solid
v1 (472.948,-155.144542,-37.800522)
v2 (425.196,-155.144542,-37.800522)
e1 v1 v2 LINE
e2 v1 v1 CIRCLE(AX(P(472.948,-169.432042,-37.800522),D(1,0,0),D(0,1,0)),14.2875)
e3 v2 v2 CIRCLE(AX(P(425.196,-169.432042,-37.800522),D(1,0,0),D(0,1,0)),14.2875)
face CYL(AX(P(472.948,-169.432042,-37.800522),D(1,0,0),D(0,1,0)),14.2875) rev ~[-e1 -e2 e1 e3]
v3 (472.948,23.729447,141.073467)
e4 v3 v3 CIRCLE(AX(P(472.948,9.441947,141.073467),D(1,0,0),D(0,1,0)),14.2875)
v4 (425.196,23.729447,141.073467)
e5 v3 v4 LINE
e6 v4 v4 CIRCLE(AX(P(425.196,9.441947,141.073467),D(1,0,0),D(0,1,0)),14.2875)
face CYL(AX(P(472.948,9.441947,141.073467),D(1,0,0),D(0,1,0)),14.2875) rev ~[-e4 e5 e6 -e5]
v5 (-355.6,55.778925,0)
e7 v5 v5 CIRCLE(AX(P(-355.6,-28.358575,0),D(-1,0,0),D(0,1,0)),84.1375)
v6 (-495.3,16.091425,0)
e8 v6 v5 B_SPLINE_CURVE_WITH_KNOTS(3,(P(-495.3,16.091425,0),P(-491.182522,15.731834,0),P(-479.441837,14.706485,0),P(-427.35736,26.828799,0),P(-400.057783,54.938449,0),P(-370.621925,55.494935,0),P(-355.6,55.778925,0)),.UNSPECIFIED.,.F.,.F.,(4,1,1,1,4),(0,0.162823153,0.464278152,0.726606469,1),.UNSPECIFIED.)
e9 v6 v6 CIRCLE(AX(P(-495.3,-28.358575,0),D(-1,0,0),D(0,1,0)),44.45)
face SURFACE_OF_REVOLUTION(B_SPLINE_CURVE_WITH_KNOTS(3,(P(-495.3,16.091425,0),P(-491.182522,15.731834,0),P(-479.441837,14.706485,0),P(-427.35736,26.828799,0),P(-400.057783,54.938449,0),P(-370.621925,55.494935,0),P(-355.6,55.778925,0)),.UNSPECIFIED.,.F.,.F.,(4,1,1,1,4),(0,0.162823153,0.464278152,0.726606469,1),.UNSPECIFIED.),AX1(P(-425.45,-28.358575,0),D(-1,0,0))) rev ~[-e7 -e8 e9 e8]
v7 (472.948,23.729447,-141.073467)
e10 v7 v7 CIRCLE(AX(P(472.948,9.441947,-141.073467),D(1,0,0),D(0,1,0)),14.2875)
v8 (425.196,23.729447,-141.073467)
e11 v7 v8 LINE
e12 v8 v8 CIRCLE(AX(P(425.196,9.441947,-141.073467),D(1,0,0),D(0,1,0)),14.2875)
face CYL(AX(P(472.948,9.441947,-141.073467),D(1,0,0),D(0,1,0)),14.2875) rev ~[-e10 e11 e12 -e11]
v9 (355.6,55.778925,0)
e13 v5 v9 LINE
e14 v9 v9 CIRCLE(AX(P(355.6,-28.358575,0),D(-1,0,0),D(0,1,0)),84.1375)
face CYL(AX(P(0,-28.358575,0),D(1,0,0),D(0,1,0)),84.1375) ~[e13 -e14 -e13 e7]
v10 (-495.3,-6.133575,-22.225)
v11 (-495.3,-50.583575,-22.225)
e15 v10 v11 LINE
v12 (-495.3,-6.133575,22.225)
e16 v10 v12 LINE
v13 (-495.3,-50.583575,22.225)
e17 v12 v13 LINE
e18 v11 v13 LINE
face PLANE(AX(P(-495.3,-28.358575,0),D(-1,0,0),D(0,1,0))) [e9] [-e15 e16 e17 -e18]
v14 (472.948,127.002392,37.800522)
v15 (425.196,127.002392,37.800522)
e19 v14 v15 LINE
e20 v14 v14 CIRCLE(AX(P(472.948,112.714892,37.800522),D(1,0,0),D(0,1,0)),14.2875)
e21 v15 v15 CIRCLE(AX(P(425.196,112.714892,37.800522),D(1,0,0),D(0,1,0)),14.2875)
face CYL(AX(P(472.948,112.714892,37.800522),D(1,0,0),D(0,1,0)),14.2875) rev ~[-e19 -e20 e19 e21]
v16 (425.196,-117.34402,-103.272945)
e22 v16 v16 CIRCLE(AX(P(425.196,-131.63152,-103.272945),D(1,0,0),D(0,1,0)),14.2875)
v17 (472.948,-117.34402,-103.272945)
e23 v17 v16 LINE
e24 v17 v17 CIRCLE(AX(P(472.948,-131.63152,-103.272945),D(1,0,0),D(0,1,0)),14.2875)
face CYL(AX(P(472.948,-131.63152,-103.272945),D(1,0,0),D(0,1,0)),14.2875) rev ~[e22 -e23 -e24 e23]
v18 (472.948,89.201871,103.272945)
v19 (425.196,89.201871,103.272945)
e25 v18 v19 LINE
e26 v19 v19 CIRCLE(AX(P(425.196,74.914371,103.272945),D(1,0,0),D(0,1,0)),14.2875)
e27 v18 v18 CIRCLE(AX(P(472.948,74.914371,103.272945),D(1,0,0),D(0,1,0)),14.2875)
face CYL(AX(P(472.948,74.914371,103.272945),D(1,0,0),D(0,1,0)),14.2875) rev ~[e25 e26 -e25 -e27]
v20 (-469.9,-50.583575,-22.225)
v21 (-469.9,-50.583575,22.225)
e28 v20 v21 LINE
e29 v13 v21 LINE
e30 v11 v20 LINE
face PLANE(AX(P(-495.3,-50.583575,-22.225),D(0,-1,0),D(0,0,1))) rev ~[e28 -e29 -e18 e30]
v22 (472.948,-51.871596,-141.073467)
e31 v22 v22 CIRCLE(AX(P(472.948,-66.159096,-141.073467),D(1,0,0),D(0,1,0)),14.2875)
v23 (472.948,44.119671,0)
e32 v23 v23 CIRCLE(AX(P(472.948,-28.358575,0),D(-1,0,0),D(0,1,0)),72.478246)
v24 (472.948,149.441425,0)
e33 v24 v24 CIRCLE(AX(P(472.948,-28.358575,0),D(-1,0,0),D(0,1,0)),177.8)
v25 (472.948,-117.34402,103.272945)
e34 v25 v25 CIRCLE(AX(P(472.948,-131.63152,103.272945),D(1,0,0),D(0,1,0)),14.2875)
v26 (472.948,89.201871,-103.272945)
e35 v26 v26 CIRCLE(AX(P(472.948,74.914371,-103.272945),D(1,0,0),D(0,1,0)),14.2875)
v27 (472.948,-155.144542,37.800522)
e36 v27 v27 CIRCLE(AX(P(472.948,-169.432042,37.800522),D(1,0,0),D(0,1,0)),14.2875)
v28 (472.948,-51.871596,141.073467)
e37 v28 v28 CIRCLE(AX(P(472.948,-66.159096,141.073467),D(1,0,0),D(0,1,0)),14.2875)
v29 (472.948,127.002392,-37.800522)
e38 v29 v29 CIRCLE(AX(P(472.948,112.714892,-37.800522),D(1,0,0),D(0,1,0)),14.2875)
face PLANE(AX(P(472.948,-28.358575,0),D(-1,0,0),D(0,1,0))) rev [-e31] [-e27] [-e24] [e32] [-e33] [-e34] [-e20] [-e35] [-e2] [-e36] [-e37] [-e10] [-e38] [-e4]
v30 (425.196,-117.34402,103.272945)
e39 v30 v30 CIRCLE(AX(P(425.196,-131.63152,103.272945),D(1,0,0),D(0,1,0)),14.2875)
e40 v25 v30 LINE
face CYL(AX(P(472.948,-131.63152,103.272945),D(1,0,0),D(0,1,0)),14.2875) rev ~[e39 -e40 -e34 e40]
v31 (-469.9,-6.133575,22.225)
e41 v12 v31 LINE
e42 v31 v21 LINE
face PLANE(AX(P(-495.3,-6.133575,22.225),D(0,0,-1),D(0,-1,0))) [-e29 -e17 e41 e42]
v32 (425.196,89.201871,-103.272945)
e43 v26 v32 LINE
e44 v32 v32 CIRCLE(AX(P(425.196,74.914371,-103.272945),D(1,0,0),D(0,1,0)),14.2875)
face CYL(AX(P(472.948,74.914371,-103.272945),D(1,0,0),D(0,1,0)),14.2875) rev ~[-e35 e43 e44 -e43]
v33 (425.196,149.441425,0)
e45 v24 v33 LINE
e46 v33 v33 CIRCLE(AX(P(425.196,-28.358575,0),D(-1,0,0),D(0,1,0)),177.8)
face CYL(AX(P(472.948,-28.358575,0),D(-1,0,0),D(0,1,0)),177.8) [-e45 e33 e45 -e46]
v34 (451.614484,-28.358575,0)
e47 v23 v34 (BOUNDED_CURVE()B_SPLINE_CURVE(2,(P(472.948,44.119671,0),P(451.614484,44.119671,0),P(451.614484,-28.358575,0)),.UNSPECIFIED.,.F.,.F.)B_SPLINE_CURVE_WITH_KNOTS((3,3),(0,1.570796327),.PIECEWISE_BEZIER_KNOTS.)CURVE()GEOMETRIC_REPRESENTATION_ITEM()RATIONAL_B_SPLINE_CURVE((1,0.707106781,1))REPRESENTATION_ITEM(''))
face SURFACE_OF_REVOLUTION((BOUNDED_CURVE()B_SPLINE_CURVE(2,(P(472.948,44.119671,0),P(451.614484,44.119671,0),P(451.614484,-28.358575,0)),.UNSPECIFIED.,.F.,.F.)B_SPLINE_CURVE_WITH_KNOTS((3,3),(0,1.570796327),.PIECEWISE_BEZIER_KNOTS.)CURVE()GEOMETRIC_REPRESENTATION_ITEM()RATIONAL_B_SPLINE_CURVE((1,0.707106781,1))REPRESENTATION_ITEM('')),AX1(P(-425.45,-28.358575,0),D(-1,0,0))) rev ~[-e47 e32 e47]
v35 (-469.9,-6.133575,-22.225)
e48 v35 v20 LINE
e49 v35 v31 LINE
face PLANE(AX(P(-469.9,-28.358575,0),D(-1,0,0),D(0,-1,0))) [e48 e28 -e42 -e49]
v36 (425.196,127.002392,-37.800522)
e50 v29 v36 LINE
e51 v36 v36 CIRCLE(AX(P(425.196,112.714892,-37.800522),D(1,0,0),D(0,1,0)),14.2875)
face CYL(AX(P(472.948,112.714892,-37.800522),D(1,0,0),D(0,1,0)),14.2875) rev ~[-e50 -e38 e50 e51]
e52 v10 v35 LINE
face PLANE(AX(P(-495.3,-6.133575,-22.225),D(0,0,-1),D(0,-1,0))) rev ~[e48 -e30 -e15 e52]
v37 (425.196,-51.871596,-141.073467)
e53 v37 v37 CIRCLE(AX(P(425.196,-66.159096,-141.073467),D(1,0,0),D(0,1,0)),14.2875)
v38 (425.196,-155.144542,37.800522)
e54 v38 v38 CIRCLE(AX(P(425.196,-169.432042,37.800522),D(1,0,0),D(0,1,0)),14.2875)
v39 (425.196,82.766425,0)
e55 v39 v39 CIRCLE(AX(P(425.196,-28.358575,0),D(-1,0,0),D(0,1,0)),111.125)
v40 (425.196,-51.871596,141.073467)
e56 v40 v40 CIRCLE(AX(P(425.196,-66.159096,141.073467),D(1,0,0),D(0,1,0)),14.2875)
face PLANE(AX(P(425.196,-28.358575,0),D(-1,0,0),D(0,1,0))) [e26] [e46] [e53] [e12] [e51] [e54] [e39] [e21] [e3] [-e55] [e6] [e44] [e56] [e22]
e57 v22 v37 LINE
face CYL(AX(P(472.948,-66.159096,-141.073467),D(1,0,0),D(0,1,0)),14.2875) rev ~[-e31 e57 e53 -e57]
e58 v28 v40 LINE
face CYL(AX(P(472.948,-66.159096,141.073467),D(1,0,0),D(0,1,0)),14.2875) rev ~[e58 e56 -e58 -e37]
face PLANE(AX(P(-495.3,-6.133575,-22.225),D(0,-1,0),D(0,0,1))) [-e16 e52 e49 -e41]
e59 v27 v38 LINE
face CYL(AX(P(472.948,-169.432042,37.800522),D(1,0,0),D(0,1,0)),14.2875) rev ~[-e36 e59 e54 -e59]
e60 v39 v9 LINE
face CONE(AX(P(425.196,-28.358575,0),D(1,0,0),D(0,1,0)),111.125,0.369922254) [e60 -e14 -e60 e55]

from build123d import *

# Parameters (mm, degrees)
F0_W     = 711.2
F0_H     = 84.1375
F2_W     = 44.45
F2_H     = 44.45
F3_DEPTH = 25.4
F4_R     = 14.2875
F5_DEPTH = 968.2490001


with BuildPart() as f1:
    # F0 (on Top) → F1 (revolve)
    with BuildSketch(Plane.XY):
        with BuildLine():
            Line((-355.6, -28.3585746473), (-355.6, 55.7789253527))
            add(Edge.make_bspline(
                [(-495.3, 16.0914253527), (-491.1825215885, 15.7318338139), (-479.4418370711, 14.7064851925), (-427.3573599541, 26.8287985997), (-400.0577825465, 54.9384491614), (-370.6219245107, 55.4949352575), (-355.6, 55.7789253527)],
                knots=[0, 0, 0, 0, 0.1628231526, 0.4642781518, 0.7266064691, 1, 1, 1, 1], degree=3))
            Line((-495.3, 16.0914253527), (-495.3, -28.3585746473))
            Line((-495.3, -28.3585746473), (-355.6, -28.3585746473))
        make_face()
        with Locations((0, 13.7101753527)):
            Rectangle(F0_W, F0_H)
        with BuildLine():
            Line((425.196, 82.7664253527), (355.6, 55.7789253527))
            Line((355.6, 55.7789253527), (355.6, -28.3585746473))
            Line((355.6, -28.3585746473), (451.6144843253, -28.3585746473))
            add(Edge.make_bspline(
                [(472.948, 44.1196709871), (451.6144843253, 44.1196709871), (451.6144843253, -28.3585746473)],
                knots=[0, 0, 0, 1.5707963268, 1.5707963268, 1.5707963268], degree=2, weights=[1, 0.7071067812, 1]))
            Line((472.948, 44.1196709871), (472.948, 149.4414253527))
            Line((472.948, 149.4414253527), (425.196, 149.4414253527))
            Line((425.196, 149.4414253527), (425.196, 82.7664253527))
        make_face()
    revolve(axis=Axis((-425.45, -28.3585746473, 0), (-1, 0, 0)))

    # F2 (on face) → F3 (cut)
    with BuildSketch(Plane(origin=(-495.3, 0, 0), x_dir=(0, -1, 0), z_dir=(-1, 0, 0))):
        with Locations((28.3585746473, 0)):
            Rectangle(F2_W, F2_H)
    extrude(amount=-F3_DEPTH, mode=Mode.SUBTRACT)

    # F4 (on face) → F5 (cut, through all)
    with BuildSketch(Plane.YZ.offset(472.948)):
        with Locations((-131.6315200396, 103.2729453923)):
            Circle(F4_R)
        with Locations((-66.1590961845, 141.0734669295)):
            Circle(F4_R)
        with Locations((9.4419468899, 141.0734669295)):
            Circle(F4_R)
        with Locations((74.914370745, 103.2729453923)):
            Circle(F4_R)
        with Locations((112.7148922822, 37.8005215372)):
            Circle(F4_R)
        with Locations((112.7148922822, -37.8005215372)):
            Circle(F4_R)
        with Locations((74.914370745, -103.2729453923)):
            Circle(F4_R)
        with Locations((9.4419468899, -141.0734669295)):
            Circle(F4_R)
        with Locations((-66.1590961845, -141.0734669295)):
            Circle(F4_R)
        with Locations((-131.6315200396, -103.2729453923)):
            Circle(F4_R)
        with Locations((-169.4320415768, -37.8005215372)):
            Circle(F4_R)
        with Locations((-169.4320415768, 37.8005215372)):
            Circle(F4_R)
    extrude(amount=-F5_DEPTH, mode=Mode.SUBTRACT)


solid = f1.part
